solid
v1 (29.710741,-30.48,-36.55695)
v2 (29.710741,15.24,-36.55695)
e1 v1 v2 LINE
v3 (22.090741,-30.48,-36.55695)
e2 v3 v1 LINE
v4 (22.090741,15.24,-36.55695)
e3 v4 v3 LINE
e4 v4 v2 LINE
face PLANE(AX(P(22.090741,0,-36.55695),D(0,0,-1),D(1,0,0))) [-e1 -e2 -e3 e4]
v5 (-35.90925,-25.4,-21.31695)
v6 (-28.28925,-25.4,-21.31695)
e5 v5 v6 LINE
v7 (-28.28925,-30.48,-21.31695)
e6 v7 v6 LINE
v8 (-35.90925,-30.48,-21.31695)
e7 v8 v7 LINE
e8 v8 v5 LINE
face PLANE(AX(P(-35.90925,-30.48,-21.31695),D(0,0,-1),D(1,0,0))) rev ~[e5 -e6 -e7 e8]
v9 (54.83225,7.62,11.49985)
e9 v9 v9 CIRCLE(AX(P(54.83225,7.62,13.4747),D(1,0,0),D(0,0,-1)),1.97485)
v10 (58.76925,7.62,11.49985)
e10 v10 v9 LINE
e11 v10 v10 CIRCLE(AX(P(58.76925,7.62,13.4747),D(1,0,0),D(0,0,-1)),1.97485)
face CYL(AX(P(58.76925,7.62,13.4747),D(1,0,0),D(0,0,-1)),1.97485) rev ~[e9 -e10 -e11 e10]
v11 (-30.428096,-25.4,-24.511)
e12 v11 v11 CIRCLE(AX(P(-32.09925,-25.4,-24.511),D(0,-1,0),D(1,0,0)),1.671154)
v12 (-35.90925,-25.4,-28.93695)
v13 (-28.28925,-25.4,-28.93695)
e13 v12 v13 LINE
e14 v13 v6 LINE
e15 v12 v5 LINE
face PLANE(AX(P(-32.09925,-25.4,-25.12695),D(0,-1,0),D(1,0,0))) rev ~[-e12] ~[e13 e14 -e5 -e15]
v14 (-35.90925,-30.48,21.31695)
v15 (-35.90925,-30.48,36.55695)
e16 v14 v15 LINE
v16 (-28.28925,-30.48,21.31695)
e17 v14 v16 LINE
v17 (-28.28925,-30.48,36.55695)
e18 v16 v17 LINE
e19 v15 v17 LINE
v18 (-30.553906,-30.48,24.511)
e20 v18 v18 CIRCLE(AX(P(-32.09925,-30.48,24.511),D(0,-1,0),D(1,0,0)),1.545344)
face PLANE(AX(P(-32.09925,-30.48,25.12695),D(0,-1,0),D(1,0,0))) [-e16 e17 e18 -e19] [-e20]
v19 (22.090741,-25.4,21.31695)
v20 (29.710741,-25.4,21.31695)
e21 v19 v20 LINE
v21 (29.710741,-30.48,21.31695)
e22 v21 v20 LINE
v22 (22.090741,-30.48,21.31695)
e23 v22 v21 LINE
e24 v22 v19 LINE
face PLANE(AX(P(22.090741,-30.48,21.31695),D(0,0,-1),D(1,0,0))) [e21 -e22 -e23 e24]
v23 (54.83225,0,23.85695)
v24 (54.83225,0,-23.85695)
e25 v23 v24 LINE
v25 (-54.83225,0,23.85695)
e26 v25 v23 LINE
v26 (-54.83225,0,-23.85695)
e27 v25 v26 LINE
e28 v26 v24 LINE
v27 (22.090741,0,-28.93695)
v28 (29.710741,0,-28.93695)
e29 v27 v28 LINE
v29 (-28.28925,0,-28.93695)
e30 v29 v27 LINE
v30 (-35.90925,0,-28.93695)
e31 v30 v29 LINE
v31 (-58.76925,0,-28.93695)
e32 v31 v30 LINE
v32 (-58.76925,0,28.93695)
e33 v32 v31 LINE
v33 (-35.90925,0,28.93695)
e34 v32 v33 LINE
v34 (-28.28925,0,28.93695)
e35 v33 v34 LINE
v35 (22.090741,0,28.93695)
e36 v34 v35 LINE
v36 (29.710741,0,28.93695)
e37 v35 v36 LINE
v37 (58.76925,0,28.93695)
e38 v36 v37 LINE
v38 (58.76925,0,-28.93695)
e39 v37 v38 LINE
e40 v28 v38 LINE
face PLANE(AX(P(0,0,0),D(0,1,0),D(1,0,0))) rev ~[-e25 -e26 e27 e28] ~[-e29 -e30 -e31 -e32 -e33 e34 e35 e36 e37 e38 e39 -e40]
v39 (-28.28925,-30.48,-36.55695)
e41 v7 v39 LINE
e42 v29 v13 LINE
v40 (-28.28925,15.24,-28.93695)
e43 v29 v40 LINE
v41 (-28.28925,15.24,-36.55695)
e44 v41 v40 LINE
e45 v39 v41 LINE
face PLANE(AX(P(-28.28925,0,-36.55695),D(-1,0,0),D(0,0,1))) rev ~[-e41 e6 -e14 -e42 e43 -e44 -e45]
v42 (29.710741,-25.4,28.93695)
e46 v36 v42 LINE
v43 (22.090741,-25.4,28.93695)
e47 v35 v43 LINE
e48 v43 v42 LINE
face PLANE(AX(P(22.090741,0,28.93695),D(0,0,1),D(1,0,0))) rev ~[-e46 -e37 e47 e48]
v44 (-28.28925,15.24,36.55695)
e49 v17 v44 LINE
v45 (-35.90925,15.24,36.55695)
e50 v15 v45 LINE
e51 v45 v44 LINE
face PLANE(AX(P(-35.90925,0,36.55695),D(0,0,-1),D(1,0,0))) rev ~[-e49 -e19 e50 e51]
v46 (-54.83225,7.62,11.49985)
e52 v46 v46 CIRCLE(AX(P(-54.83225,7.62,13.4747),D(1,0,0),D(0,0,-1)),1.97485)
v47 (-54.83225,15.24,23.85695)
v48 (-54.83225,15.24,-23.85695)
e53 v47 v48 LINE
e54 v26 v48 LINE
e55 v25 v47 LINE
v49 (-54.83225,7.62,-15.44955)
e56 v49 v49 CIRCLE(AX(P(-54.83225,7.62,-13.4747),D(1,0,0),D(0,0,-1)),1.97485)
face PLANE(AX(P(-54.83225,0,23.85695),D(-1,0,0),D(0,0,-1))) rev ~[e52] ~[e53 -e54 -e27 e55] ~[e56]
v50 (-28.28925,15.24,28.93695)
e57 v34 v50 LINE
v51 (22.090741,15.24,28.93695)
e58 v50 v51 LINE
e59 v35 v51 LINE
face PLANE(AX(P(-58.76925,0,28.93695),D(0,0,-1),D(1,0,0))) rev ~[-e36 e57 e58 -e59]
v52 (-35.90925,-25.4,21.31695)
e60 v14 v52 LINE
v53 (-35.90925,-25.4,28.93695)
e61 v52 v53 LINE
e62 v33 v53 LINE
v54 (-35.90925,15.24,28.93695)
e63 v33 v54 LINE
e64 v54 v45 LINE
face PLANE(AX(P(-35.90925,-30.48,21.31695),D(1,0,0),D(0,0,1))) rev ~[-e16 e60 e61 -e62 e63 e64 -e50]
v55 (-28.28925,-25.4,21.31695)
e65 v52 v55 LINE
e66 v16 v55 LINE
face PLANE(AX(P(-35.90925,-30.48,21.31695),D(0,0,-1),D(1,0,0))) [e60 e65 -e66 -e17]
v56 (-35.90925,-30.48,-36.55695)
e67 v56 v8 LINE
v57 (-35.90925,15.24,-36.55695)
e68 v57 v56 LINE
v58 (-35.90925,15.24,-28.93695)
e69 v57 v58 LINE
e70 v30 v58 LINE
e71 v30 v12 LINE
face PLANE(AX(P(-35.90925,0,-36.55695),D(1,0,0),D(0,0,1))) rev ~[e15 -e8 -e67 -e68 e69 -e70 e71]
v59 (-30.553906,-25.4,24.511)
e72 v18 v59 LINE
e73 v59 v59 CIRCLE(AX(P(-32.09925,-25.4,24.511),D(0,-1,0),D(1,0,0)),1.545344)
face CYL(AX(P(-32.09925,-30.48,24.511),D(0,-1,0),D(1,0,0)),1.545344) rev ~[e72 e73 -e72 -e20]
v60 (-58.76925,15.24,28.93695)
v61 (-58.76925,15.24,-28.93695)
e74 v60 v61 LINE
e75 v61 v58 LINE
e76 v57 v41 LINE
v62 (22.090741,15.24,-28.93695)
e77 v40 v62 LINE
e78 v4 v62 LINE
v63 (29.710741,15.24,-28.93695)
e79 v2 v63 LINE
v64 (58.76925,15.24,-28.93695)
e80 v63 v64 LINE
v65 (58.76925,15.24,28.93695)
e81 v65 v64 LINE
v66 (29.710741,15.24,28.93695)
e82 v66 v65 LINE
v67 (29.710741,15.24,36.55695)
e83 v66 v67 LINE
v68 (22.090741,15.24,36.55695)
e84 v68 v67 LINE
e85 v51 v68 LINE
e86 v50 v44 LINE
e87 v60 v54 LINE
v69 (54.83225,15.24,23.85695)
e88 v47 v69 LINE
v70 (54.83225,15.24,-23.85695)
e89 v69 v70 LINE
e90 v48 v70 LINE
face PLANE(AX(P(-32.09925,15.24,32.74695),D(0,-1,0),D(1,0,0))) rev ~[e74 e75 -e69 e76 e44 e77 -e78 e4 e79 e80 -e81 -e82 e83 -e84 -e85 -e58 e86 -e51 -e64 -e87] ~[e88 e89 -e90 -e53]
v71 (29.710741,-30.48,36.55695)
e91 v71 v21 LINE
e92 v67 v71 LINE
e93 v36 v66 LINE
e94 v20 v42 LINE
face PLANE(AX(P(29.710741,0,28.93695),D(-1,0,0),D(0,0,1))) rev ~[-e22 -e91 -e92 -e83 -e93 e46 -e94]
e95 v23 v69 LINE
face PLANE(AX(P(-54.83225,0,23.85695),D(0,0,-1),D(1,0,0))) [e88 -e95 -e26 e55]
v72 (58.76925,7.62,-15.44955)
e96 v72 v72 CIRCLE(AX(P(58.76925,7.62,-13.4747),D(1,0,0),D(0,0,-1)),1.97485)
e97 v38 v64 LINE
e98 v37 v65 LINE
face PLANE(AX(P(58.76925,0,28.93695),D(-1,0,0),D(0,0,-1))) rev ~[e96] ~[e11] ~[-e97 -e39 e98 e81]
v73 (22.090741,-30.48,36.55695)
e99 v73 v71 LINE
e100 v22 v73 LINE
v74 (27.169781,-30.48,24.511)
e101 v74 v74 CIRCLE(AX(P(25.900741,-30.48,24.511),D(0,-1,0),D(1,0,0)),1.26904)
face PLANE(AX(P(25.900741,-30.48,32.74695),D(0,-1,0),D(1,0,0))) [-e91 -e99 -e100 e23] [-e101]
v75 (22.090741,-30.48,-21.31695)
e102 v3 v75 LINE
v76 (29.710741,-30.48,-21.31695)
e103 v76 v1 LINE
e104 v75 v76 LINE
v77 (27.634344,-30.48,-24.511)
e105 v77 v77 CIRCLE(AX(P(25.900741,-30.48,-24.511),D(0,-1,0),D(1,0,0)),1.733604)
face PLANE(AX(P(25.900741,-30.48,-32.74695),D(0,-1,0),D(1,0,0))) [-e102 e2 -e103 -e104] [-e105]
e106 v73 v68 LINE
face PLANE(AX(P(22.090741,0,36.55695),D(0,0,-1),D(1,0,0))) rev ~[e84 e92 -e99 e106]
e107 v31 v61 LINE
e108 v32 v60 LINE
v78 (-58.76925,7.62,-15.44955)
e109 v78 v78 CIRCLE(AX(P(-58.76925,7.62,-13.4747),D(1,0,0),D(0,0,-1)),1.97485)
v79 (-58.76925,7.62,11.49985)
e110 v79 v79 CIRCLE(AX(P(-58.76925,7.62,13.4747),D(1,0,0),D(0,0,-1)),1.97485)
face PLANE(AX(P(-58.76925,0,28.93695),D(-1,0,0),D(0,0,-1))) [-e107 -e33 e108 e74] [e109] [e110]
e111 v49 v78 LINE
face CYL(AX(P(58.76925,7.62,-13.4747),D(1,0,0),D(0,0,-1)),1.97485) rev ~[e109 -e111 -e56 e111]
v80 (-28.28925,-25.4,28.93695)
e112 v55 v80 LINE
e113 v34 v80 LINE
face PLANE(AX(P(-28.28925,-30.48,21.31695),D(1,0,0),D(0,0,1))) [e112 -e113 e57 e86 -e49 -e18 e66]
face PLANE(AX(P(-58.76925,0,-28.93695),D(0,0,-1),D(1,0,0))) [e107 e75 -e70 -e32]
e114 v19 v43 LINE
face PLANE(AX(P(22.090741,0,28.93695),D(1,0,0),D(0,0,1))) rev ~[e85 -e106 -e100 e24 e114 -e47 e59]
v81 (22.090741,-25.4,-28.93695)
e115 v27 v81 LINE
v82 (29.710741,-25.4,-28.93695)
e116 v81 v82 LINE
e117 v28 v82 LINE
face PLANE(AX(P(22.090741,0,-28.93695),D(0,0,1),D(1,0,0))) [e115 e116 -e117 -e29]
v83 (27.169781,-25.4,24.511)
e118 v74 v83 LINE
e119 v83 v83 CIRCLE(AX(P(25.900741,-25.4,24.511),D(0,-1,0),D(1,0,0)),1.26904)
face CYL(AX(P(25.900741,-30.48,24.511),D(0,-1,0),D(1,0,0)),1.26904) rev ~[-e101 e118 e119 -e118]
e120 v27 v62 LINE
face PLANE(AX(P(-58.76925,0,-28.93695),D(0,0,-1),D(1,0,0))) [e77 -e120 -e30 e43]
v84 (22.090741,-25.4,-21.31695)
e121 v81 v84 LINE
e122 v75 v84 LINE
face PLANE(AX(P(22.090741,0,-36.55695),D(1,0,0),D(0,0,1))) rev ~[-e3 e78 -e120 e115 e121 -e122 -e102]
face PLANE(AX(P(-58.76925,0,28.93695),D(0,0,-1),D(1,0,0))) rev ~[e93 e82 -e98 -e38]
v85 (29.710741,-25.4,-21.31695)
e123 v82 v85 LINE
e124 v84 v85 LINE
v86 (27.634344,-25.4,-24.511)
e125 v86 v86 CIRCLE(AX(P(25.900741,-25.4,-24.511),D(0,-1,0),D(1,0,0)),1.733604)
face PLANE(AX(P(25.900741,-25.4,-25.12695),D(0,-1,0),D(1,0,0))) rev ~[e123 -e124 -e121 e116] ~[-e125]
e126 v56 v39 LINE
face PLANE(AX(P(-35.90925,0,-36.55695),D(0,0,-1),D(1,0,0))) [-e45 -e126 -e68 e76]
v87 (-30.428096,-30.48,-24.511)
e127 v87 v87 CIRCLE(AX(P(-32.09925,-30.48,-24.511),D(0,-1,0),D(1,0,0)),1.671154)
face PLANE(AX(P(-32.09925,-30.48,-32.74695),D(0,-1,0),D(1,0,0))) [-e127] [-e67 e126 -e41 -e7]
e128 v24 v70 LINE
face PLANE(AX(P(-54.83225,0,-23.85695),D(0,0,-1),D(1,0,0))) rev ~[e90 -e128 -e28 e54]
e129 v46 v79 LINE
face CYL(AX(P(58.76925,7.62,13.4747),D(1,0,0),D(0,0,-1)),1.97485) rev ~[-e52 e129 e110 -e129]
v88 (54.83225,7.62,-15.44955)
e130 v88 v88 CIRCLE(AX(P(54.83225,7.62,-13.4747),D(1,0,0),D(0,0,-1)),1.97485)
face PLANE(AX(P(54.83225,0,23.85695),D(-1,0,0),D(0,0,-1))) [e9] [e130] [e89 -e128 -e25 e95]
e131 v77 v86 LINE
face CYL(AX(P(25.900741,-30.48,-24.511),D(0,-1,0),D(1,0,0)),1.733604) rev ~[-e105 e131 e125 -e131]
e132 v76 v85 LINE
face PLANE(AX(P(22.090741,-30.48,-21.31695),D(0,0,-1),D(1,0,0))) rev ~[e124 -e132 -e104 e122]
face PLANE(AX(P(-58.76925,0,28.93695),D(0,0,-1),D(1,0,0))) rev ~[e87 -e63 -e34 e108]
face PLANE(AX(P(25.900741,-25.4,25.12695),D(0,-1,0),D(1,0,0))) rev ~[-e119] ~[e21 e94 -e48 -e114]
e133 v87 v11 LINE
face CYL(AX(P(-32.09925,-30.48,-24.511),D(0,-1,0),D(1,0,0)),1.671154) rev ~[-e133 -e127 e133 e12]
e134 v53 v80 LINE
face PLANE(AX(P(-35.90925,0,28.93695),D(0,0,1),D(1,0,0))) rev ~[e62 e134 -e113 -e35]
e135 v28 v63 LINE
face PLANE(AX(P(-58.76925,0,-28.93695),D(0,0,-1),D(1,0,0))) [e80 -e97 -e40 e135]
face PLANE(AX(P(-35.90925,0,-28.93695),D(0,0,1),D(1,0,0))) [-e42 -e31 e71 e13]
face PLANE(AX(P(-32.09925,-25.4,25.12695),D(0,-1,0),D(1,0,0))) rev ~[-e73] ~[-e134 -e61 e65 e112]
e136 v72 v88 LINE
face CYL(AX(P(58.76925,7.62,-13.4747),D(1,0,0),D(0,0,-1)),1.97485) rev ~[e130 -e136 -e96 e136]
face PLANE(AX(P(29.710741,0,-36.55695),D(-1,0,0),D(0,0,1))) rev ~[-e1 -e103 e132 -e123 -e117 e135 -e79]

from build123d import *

# Parameters (mm, degrees)
SKETCH1_W                = 117.5385
SKETCH1_H                = 57.8739
SKETCH1_W_2              = 109.6645
SKETCH1_H_2              = 47.7139
BOSS_EXTRUDE1_DEPTH      = 15.24
SKETCH2_R                = 1.97485
CUT_EXTRUDE1_DEPTH       = 129.032
SKETCH3_W                = 7.62
SKETCH3_H                = 7.62
BOSS_EXTRUDE2_DEPTH      = 30.48
BOSS_EXTRUDE2_DEPTH_BACK = 15.24
SKETCH4_W                = 7.62
SKETCH4_H                = 7.62
SKETCH4_R                = 1.545344409
SKETCH4_R_2              = 1.269040072
SKETCH4_R_3              = 1.671154259
SKETCH4_R_4              = 1.733603543
BOSS_EXTRUDE3_DEPTH      = 5.08


with BuildPart() as part:
    # Sketch1 → Boss-Extrude1 (new body)
    with BuildSketch(Plane(origin=(0, 0, 0), x_dir=(1, 0, 0), z_dir=(0, 1, 0))):
        Rectangle(SKETCH1_W, SKETCH1_H)
        Rectangle(SKETCH1_W_2, SKETCH1_H_2, mode=Mode.SUBTRACT)
    extrude(amount=BOSS_EXTRUDE1_DEPTH)

    # Sketch2 → Cut-Extrude1 (cut)
    with BuildSketch(Plane(origin=(58.76925, 0, 0), x_dir=(0, 0, -1), z_dir=(1, 0, 0))):
        with Locations((-13.4747, 7.62)):
            Circle(SKETCH2_R)
        with Locations((13.4747, 7.62)):
            Circle(SKETCH2_R)
    extrude(amount=-CUT_EXTRUDE1_DEPTH, mode=Mode.SUBTRACT)

    # Sketch3 → Boss-Extrude2 (add, two sides)
    with BuildSketch(Plane.XZ) as boss_extrude2_sk:
        with Locations((-32.09925, 32.74695)):
            Rectangle(SKETCH3_W, SKETCH3_H)
        with Locations((25.90074068, 32.74695)):
            Rectangle(SKETCH3_W, SKETCH3_H)
        with Locations((-32.09925, -32.74695)):
            Rectangle(SKETCH3_W, SKETCH3_H)
        with Locations((25.90074068, -32.74695)):
            Rectangle(SKETCH3_W, SKETCH3_H)
    extrude(amount=BOSS_EXTRUDE2_DEPTH)
    extrude(boss_extrude2_sk.sketch, amount=-BOSS_EXTRUDE2_DEPTH_BACK)

    # Sketch4 → Boss-Extrude3 (add)
    with BuildSketch(Plane.XZ.offset(30.48)):
        with Locations((-32.09925, 25.12695)):
            Rectangle(SKETCH4_W, SKETCH4_H)
        with Locations((-32.09925, 24.511)):
            Circle(SKETCH4_R, mode=Mode.SUBTRACT)
        with Locations((25.90074068, 25.12695)):
            Rectangle(SKETCH4_W, SKETCH4_H)
        with Locations((25.90074068, 24.511)):
            Circle(SKETCH4_R_2, mode=Mode.SUBTRACT)
        with Locations((-32.09925, -25.12695)):
            Rectangle(SKETCH4_W, SKETCH4_H)
        with Locations((-32.09925, -24.511)):
            Circle(SKETCH4_R_3, mode=Mode.SUBTRACT)
        with Locations((25.90074068, -25.12695)):
            Rectangle(SKETCH4_W, SKETCH4_H)
        with Locations((25.90074068, -24.511)):
            Circle(SKETCH4_R_4, mode=Mode.SUBTRACT)
    extrude(amount=-BOSS_EXTRUDE3_DEPTH)


solid = part.part
